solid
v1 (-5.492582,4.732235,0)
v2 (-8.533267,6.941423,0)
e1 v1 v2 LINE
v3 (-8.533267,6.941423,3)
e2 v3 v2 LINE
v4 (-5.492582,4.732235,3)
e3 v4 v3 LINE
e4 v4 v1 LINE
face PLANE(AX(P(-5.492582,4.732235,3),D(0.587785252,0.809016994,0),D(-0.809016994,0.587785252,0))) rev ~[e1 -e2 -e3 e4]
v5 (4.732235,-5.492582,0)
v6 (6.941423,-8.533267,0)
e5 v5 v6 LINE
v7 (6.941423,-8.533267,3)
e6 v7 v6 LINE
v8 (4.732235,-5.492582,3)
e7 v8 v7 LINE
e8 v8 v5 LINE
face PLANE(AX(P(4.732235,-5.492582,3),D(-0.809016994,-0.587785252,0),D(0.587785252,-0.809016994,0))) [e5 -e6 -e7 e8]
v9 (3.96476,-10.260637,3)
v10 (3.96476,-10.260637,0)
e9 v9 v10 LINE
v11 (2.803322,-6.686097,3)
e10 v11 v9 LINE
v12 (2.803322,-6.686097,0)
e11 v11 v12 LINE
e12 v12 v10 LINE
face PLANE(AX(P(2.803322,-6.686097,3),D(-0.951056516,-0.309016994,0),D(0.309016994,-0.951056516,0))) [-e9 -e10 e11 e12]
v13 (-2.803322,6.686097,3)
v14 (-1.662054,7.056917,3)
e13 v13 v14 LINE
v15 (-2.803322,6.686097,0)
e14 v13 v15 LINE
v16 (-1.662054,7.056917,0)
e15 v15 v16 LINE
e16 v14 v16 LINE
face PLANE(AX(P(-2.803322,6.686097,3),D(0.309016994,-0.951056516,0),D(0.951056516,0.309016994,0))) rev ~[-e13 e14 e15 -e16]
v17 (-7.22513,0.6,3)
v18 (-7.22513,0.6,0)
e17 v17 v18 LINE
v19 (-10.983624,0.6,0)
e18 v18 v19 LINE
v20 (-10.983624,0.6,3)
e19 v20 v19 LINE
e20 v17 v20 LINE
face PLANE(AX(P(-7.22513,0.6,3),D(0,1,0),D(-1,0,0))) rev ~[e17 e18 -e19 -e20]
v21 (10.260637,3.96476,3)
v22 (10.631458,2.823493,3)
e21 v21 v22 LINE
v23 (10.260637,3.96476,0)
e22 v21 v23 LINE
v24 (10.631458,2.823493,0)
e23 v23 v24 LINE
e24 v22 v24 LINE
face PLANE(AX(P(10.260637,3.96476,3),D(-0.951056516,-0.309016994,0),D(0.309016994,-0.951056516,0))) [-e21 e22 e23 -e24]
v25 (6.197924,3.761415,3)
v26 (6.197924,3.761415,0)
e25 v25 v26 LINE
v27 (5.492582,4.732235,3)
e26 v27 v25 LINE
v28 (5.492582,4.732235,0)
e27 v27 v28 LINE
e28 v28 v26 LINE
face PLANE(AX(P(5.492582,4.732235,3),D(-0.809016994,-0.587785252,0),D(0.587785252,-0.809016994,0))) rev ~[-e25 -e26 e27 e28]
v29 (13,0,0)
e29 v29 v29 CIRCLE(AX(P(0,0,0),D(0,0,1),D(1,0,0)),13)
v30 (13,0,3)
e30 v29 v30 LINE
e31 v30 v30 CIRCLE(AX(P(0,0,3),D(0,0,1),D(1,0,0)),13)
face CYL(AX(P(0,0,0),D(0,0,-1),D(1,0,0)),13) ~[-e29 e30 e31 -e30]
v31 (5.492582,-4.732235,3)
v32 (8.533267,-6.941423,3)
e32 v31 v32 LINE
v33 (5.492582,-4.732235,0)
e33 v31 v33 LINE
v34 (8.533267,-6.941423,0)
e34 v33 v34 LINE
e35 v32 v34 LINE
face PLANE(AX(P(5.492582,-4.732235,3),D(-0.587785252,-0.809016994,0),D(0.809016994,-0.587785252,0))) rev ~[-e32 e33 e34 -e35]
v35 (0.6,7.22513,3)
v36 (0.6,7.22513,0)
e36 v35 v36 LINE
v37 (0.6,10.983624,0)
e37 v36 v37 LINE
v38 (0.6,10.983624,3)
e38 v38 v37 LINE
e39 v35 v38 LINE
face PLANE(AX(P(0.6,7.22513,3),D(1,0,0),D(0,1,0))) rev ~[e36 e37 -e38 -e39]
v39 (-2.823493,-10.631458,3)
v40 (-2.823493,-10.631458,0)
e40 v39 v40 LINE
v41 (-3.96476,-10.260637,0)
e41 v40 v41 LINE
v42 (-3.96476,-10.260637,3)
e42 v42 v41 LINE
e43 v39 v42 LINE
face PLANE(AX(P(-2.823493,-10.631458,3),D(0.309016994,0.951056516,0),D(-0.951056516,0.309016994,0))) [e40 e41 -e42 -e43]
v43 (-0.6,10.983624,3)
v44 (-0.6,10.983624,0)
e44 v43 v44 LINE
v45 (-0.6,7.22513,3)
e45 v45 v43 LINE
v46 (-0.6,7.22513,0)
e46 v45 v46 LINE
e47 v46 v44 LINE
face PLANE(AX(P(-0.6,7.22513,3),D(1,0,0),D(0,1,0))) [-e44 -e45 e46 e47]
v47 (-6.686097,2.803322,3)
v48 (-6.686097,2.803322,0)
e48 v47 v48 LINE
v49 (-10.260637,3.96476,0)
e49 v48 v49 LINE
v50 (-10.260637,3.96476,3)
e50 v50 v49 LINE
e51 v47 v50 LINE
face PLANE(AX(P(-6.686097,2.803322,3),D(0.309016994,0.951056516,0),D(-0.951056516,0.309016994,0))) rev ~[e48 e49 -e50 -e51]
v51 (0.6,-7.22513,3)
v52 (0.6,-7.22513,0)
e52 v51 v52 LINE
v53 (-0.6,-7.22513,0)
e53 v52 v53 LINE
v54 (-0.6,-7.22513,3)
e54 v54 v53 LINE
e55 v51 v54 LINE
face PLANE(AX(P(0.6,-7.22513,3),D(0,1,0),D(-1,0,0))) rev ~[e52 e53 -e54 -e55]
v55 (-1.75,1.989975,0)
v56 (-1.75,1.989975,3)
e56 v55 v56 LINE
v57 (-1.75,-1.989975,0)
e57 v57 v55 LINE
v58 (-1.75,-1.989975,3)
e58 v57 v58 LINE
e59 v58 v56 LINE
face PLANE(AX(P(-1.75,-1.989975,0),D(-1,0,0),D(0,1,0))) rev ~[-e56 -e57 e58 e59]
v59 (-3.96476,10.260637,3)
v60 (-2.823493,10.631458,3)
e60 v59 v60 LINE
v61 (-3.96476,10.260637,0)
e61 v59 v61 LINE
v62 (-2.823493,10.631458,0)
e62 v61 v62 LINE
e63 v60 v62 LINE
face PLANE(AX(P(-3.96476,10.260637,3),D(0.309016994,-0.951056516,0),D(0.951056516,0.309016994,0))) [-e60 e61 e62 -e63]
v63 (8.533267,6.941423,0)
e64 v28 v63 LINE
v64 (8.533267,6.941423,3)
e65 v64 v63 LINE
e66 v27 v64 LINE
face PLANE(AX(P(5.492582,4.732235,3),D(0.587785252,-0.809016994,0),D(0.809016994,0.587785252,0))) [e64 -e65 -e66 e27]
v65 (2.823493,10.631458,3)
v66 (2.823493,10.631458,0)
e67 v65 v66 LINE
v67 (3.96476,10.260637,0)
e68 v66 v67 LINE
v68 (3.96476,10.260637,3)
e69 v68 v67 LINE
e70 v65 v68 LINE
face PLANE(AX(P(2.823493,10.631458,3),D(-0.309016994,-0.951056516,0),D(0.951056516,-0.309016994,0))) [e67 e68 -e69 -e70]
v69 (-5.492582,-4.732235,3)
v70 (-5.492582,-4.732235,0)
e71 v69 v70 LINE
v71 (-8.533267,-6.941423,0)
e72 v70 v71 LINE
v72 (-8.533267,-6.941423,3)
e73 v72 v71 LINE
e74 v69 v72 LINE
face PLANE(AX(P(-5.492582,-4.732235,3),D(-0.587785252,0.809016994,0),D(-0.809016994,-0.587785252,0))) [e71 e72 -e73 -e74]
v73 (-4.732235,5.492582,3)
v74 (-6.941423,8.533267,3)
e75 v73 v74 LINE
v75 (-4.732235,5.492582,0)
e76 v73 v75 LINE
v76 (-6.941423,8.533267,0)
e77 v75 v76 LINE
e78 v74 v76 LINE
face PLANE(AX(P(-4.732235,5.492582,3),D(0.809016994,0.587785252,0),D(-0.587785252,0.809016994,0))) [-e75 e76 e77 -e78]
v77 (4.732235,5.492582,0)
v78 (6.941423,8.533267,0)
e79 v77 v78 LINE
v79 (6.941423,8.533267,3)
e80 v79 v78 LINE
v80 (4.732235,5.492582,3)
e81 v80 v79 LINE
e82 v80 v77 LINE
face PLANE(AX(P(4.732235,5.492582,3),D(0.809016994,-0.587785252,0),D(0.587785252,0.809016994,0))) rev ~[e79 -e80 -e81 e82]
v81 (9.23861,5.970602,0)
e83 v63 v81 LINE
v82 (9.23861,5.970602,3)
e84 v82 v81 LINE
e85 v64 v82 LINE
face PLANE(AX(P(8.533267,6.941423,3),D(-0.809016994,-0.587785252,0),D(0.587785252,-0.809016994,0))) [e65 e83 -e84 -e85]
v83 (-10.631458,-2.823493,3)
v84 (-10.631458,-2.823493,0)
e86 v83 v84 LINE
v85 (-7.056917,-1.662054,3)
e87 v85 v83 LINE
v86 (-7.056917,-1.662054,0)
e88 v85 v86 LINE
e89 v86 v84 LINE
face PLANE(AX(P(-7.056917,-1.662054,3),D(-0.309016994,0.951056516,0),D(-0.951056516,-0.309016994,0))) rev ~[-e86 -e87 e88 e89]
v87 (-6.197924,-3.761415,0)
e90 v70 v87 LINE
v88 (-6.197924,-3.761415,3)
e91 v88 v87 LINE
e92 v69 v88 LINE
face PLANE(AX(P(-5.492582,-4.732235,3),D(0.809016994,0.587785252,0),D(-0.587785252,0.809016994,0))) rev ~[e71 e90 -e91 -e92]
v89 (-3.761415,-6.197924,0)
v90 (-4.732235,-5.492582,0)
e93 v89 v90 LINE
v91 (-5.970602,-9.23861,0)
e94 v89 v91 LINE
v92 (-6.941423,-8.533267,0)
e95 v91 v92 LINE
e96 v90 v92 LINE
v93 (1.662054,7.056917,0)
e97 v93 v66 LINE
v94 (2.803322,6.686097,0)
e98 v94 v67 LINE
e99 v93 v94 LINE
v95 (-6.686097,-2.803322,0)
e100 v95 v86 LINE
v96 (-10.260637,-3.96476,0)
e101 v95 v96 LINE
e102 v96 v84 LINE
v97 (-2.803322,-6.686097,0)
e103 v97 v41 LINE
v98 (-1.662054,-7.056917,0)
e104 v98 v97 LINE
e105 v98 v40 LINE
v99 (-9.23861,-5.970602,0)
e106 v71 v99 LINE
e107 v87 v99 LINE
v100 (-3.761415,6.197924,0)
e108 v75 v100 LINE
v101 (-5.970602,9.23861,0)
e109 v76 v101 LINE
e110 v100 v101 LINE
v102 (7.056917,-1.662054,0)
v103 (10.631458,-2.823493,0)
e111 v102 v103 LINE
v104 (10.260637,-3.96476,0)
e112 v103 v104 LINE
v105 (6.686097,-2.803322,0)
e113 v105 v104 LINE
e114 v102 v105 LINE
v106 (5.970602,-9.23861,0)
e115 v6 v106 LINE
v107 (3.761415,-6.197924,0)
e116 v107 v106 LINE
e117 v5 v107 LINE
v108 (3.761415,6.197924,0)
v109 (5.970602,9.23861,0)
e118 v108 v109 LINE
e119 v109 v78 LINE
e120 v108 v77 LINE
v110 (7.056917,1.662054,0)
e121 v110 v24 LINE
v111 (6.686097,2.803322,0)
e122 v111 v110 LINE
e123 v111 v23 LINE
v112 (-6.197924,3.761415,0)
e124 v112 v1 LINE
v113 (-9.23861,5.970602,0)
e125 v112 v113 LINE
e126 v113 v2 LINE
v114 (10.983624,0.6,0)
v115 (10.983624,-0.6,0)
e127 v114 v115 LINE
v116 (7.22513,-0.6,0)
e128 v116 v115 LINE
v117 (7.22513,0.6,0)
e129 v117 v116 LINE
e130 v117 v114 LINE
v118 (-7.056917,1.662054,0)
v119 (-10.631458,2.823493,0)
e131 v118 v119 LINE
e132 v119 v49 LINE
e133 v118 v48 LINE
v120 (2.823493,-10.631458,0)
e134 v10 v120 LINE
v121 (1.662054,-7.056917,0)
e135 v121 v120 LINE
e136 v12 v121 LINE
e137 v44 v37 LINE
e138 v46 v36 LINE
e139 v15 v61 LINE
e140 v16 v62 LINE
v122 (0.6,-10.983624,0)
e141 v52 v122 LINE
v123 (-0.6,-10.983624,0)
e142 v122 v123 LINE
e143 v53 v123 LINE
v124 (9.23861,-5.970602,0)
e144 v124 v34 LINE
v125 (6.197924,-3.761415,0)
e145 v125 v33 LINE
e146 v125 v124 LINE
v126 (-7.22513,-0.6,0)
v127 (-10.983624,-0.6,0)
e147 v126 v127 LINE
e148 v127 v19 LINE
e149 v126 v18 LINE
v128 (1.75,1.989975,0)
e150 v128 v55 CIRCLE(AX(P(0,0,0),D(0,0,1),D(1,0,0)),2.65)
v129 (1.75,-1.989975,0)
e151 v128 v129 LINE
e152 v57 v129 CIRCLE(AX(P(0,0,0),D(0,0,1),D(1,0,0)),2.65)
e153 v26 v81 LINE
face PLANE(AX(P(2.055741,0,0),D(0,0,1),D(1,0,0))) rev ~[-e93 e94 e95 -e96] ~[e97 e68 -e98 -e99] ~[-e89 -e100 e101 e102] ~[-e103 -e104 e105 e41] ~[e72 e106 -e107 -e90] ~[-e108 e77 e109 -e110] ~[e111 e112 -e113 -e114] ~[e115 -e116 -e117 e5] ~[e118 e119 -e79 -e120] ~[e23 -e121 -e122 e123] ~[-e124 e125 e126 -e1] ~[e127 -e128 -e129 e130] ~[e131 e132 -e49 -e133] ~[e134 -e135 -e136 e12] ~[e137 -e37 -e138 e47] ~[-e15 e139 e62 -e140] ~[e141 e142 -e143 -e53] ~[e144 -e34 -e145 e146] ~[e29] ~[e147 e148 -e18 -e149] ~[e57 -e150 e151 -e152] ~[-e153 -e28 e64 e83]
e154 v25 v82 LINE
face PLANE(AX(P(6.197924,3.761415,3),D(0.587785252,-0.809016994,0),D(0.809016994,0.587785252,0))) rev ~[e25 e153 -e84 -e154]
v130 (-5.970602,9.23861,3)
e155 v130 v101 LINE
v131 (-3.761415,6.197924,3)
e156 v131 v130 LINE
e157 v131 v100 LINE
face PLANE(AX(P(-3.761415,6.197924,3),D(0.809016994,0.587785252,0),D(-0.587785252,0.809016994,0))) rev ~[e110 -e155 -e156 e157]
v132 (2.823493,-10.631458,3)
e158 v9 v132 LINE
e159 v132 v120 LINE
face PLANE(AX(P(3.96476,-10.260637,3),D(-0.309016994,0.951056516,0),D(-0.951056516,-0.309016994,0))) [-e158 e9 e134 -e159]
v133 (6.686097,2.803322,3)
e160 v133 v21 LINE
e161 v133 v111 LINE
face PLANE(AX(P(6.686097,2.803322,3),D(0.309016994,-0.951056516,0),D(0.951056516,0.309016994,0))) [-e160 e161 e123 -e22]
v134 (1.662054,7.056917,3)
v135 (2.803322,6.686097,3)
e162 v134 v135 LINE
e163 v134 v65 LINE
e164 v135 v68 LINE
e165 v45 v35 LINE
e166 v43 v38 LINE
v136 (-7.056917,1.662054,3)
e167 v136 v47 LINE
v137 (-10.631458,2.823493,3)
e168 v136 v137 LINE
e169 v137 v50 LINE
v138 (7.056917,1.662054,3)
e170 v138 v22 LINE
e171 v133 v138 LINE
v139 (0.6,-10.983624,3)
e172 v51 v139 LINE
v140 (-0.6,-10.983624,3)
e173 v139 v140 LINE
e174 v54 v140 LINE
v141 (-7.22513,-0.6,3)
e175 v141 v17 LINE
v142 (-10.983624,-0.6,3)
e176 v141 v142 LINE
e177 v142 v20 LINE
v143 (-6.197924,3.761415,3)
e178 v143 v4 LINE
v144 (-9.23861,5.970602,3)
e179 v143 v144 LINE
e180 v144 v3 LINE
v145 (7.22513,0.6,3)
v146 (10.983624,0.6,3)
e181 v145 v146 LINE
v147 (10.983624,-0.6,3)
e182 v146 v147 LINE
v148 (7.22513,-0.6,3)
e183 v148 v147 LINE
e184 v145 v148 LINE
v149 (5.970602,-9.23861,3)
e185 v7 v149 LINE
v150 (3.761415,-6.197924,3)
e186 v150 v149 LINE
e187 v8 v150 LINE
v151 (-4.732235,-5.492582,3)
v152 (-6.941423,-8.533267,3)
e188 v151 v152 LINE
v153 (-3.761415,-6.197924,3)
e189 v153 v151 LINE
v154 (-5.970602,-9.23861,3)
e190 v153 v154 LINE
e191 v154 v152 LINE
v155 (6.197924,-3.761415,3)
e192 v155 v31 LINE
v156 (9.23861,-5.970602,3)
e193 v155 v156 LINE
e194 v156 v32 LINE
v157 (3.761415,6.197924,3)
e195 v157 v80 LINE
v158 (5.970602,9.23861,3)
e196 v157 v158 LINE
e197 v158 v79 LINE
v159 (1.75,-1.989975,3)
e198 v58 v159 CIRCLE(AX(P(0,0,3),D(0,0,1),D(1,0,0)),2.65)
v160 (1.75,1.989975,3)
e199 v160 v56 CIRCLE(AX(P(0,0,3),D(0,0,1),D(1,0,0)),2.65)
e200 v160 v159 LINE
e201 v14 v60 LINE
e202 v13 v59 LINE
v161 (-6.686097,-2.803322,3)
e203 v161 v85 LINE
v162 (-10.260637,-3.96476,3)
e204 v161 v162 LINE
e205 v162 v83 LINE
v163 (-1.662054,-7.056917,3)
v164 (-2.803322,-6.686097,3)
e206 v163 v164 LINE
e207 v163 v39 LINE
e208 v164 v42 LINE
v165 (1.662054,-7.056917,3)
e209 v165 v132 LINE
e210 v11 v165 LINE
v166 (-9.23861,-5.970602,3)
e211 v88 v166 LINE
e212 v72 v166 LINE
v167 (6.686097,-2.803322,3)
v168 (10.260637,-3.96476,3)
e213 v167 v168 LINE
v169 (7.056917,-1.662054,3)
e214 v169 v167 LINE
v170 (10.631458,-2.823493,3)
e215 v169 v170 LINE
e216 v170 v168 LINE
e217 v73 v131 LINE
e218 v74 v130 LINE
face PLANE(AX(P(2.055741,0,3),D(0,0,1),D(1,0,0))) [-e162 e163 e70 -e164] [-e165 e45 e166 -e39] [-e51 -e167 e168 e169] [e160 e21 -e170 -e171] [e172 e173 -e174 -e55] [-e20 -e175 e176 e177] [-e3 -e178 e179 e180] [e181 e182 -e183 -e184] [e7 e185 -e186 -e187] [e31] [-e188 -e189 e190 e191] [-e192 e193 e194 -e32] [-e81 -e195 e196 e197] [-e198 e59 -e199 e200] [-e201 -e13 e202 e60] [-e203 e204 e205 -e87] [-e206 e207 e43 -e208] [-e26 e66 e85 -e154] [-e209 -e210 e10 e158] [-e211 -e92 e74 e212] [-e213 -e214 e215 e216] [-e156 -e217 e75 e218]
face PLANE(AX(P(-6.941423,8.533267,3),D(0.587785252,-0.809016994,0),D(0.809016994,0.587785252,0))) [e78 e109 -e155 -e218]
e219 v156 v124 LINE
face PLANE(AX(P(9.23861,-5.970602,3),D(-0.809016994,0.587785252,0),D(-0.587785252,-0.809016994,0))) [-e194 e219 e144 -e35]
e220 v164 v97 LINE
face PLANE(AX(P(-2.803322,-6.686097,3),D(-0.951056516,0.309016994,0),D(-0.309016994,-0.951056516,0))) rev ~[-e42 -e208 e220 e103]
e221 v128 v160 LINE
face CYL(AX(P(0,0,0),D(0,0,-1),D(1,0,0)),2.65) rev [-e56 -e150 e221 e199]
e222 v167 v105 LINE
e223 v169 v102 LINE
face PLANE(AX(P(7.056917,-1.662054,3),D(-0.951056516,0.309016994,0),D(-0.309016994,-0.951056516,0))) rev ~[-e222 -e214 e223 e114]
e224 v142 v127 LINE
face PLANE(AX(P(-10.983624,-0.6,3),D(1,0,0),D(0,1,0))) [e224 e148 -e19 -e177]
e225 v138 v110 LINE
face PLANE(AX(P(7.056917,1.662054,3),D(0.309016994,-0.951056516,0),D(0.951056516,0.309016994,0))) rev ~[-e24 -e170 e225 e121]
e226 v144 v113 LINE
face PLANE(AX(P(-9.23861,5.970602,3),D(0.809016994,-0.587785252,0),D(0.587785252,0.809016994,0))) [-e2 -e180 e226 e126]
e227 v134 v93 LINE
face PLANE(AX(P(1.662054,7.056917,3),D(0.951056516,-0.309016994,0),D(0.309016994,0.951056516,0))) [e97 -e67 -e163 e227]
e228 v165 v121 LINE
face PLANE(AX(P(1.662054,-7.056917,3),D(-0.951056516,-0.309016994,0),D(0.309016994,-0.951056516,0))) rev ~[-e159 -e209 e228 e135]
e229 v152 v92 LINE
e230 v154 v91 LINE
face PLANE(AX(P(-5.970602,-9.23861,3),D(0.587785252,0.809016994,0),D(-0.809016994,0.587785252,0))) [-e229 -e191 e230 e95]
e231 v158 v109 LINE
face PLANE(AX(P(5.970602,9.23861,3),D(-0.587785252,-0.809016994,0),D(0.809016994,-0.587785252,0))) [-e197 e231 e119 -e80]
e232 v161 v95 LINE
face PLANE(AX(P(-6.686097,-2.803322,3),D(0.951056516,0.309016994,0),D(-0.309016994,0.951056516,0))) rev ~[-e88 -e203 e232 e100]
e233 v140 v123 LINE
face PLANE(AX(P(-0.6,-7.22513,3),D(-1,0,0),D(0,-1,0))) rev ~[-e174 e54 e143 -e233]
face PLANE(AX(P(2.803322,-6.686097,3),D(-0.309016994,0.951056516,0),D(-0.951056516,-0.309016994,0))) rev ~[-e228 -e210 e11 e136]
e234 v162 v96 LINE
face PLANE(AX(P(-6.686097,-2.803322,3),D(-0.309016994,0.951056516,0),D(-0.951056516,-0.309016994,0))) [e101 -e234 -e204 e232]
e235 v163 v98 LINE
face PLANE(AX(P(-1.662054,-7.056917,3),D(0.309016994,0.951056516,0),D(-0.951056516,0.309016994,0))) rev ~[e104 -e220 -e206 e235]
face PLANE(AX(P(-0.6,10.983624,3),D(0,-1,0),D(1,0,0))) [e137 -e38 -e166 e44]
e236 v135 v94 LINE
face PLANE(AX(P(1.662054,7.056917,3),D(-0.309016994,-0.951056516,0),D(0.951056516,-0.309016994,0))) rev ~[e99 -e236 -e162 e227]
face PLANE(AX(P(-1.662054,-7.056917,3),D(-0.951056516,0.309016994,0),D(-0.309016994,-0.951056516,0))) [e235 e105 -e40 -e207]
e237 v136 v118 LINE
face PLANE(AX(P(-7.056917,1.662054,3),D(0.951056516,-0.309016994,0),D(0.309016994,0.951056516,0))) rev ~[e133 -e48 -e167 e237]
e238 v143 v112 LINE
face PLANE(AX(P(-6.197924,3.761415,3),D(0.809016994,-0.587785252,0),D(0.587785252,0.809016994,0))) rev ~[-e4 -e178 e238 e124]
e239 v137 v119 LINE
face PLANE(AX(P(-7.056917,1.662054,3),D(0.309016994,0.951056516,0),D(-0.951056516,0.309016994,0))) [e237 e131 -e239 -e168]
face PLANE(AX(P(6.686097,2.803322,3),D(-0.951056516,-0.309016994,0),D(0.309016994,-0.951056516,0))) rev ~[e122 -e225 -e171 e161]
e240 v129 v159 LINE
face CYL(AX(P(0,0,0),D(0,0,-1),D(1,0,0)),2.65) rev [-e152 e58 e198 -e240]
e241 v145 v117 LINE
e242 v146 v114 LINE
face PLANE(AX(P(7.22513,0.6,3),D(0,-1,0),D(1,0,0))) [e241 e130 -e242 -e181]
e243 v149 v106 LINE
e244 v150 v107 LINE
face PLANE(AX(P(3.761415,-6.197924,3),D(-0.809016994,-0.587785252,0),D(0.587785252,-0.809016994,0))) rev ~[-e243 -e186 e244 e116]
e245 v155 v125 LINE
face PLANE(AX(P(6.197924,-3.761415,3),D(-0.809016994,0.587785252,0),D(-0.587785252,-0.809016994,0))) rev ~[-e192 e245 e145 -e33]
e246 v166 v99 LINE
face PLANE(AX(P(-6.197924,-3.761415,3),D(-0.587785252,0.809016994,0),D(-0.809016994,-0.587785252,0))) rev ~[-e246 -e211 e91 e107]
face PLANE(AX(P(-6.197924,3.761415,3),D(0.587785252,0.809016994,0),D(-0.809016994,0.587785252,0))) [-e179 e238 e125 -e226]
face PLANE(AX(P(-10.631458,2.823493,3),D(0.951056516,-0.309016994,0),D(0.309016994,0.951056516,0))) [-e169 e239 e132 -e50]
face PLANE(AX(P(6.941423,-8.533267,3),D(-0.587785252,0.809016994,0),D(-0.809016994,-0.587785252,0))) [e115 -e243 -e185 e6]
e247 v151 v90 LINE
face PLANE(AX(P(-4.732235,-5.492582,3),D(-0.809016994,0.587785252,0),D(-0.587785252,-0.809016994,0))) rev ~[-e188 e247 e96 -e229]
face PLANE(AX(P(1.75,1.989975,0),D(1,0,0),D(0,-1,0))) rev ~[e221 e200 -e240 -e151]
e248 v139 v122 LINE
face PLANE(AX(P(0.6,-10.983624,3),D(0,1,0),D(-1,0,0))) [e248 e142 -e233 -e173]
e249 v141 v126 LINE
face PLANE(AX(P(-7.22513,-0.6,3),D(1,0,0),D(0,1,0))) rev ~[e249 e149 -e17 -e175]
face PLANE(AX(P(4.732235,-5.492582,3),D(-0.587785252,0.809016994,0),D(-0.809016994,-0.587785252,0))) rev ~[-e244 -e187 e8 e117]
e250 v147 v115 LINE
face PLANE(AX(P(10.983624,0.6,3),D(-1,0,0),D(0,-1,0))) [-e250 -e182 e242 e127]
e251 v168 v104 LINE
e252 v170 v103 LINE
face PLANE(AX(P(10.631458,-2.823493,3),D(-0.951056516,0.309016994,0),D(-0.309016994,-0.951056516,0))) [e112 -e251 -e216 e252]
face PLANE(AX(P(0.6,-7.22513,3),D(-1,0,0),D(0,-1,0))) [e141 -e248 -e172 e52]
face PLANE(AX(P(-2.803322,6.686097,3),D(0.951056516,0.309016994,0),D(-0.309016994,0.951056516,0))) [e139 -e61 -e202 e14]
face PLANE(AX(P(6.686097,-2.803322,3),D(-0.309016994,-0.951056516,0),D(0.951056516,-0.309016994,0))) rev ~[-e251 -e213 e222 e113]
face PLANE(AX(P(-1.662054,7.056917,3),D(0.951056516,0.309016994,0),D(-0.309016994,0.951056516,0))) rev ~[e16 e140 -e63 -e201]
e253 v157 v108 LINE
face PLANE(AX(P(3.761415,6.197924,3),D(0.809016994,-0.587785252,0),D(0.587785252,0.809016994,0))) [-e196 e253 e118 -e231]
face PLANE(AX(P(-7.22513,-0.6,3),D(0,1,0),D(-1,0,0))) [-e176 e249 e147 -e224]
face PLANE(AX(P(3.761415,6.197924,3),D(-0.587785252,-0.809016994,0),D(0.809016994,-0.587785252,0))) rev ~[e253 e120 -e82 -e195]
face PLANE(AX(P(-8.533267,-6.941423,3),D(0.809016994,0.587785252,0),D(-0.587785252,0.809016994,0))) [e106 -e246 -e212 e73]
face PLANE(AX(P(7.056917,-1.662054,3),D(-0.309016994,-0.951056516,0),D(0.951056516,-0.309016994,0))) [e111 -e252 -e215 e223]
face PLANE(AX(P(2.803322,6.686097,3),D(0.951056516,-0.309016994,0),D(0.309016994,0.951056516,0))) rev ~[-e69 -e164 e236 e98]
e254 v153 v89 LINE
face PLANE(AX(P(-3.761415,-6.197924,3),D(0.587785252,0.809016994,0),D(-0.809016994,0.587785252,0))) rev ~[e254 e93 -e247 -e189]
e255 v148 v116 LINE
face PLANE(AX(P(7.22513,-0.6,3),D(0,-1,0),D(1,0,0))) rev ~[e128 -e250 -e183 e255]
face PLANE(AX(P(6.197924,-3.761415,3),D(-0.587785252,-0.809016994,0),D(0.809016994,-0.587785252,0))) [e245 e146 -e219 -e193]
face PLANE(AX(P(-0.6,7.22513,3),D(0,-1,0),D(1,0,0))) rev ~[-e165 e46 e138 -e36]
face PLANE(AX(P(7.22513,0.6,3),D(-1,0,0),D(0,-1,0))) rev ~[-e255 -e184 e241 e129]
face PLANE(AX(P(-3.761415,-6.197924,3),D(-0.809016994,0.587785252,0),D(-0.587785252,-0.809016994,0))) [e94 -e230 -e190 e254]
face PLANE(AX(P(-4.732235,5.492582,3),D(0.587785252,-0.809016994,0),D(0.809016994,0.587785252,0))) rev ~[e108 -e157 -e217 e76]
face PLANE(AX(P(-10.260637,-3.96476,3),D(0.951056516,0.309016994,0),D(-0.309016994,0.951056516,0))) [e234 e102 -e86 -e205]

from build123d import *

# Parameters (mm, degrees)
SKETCH1_R           = 13
SKETCH1_R_2         = 2.65
BOSS_EXTRUDE1_DEPTH = 3
SKETCH2_W           = 1.2
SKETCH2_H           = 3.758494417
CUT_EXTRUDE1_DEPTH  = 19.62793601
CIRPATTERN1_COUNT   = 20


with BuildPart() as part:
    # Sketch1 → Boss-Extrude1 (new body)
    # profile 1 of 3: a face of its own
    with BuildSketch(Plane.XY):
        Circle(SKETCH1_R)
        Circle(SKETCH1_R_2, mode=Mode.SUBTRACT)
    # profile 2 of 3: a face of its own
    with BuildSketch(Plane.XY):
        with BuildLine():
            Line((-1.75, -1.989974874), (-1.75, 1.989974874))
            ThreePointArc((-1.75, 1.989974874), (-2.65, 0), (-1.75, -1.989974874))
        make_face()
    # profile 3 of 3: a face of its own
    with BuildSketch(Plane.XY):
        with BuildLine():
            ThreePointArc((2.65, 0), (2.414539294, 1.092016483), (1.75, 1.989974874))
            Line((1.75, 1.989974874), (1.75, -1.989974874))
            ThreePointArc((1.75, -1.989974874), (2.414539294, -1.092016483), (2.65, 0))
        make_face()
    extrude(amount=BOSS_EXTRUDE1_DEPTH)

    # Sketch2 → Cut-Extrude1 (cut, through all)
    with BuildSketch(Plane.XY.offset(3)):
        with Locations((0, 9.104376966)):
            Rectangle(SKETCH2_W, SKETCH2_H)
    cut_extrude1 = extrude(amount=-CUT_EXTRUDE1_DEPTH, mode=Mode.SUBTRACT)

    # CirPattern1: Cut-Extrude1 ×20 about axis
    cirpattern1_axis = Axis((0, 0, 0), (0, 0, 1))
    for i in range(1, CIRPATTERN1_COUNT):
        add(cut_extrude1.rotate(cirpattern1_axis, i * 360 / CIRPATTERN1_COUNT), mode=Mode.SUBTRACT)


solid = part.part
